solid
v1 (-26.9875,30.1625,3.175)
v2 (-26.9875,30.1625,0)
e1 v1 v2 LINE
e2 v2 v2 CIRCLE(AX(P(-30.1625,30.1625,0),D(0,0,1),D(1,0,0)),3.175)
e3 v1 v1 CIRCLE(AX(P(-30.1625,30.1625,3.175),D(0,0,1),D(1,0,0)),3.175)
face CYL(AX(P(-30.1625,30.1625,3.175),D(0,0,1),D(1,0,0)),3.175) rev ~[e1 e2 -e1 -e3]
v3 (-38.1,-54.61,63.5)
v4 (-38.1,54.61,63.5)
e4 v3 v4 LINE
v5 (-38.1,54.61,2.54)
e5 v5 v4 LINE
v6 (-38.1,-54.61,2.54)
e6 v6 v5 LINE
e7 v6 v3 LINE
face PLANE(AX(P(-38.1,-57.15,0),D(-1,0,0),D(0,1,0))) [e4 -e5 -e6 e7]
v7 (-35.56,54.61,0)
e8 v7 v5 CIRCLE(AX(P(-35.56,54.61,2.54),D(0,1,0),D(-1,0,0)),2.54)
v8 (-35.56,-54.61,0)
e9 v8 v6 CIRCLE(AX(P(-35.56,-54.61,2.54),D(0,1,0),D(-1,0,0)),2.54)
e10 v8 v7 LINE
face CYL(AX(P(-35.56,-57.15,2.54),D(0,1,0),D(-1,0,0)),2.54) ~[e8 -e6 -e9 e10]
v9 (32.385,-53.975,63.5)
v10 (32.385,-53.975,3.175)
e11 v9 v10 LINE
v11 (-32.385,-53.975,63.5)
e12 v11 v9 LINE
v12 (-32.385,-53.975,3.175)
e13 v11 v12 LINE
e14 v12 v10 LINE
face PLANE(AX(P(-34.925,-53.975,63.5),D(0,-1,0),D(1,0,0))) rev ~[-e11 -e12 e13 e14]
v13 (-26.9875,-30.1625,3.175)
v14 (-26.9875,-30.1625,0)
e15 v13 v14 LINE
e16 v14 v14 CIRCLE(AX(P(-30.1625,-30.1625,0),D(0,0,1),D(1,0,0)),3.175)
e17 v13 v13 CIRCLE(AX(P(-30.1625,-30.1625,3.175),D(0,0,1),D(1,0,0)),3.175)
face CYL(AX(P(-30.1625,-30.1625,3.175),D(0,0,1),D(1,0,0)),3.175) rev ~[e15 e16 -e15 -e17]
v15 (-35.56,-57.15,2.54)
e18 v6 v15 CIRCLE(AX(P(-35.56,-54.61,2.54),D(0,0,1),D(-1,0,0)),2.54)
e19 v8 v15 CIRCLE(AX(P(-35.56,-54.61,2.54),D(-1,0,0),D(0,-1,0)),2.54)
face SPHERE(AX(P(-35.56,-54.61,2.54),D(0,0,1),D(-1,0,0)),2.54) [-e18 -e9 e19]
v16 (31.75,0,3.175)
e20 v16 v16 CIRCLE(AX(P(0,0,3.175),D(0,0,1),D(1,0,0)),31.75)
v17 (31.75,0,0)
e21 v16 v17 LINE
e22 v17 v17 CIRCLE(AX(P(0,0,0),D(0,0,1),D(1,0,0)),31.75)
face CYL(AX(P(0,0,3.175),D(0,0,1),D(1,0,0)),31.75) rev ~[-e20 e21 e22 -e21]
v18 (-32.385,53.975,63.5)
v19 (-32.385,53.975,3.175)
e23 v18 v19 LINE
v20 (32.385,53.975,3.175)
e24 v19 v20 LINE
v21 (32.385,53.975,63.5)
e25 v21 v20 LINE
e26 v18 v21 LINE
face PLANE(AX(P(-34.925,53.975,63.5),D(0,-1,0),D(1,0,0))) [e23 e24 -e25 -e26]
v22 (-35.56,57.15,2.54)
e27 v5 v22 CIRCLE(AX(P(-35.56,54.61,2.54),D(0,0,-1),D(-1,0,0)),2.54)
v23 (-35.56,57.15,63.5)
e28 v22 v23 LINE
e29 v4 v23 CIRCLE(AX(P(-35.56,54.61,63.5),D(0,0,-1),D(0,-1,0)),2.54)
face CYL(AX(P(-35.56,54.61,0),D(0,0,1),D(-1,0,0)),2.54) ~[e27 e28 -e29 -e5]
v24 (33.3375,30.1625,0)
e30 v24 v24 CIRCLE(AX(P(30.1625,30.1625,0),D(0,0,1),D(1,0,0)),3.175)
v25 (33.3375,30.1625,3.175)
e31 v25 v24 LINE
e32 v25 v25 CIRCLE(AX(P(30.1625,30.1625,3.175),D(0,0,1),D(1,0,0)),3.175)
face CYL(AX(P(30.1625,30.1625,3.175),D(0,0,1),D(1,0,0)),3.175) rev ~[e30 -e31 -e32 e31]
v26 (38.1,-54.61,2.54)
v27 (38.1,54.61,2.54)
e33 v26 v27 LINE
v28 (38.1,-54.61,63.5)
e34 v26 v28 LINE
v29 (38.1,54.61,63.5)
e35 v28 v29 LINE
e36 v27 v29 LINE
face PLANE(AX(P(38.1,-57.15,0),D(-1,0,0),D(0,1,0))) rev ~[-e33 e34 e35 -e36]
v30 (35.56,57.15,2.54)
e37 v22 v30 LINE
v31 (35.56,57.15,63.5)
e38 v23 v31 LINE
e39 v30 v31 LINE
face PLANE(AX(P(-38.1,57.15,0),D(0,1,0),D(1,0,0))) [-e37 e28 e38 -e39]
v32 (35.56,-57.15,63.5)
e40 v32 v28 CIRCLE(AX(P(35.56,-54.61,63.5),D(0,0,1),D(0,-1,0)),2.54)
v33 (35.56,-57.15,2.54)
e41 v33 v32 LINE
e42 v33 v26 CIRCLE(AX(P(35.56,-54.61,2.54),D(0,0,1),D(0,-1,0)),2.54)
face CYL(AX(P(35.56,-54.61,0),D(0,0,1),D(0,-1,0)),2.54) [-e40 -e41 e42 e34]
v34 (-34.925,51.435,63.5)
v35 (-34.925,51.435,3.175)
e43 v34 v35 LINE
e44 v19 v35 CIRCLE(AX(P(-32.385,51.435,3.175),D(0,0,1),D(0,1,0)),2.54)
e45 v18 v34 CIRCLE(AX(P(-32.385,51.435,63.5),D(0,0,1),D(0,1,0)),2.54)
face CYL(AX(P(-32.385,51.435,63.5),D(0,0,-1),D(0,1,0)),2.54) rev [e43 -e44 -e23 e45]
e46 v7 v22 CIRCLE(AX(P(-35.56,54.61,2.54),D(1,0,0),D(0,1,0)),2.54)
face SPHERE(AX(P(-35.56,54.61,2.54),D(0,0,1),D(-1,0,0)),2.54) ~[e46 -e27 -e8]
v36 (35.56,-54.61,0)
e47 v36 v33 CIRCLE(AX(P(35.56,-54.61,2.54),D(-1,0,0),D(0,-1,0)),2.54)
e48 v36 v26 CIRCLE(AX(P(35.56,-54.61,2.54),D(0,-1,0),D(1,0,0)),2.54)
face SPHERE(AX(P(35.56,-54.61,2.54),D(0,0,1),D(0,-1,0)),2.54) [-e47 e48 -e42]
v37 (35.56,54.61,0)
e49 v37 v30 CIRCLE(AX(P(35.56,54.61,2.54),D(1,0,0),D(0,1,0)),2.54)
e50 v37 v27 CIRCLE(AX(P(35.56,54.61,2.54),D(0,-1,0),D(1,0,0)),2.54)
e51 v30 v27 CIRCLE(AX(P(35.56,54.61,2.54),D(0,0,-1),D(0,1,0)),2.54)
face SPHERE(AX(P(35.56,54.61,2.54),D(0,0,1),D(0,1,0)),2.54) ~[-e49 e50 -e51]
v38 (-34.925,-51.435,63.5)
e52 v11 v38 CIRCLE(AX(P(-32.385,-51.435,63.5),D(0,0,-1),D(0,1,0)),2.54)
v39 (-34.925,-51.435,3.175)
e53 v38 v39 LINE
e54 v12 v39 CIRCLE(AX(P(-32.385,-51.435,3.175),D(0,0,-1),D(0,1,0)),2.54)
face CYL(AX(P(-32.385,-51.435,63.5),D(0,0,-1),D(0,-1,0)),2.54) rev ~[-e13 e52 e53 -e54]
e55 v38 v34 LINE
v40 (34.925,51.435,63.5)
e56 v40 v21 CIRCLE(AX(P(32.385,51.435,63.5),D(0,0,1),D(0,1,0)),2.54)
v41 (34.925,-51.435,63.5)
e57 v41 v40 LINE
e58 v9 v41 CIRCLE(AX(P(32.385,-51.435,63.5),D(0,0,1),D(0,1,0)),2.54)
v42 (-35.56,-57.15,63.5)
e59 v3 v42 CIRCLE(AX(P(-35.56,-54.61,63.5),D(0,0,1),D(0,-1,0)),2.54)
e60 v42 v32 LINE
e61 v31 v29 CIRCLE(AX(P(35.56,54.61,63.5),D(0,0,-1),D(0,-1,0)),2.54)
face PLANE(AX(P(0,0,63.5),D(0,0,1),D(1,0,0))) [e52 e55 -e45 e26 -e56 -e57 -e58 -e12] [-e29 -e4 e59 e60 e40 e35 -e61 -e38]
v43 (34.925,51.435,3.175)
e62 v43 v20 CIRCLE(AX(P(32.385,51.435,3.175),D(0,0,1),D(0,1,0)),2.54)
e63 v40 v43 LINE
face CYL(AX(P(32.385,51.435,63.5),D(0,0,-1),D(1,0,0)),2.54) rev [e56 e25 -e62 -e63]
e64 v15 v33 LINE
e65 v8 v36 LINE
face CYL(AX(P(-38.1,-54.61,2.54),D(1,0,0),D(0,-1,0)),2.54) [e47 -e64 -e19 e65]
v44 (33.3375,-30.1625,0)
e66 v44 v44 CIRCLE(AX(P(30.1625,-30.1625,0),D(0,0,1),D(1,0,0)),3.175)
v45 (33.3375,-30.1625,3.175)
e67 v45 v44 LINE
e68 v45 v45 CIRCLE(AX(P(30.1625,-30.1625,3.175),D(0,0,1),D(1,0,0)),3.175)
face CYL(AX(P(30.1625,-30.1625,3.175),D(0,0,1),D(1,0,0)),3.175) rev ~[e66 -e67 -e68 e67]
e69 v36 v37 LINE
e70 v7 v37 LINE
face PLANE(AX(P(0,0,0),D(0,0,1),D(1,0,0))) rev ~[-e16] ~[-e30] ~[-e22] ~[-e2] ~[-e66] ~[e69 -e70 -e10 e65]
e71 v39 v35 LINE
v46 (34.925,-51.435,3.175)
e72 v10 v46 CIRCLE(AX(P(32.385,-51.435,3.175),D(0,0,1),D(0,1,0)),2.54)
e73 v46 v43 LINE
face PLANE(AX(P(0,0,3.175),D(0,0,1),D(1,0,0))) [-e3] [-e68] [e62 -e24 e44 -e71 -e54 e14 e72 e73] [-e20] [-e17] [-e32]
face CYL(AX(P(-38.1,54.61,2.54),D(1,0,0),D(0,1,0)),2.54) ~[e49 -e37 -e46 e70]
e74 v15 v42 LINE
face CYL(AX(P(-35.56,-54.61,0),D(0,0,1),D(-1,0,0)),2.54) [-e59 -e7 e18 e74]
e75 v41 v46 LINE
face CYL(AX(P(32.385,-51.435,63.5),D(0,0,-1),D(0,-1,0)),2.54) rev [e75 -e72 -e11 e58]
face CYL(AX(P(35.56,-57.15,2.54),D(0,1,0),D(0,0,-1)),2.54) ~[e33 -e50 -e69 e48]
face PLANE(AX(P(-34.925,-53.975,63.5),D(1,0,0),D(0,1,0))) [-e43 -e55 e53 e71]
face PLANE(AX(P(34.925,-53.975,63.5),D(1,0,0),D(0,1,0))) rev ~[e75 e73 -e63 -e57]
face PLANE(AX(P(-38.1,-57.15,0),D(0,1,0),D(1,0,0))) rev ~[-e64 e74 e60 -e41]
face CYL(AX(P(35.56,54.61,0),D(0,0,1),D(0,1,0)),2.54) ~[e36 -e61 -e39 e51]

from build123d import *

# Parameters (mm, degrees)
F0_W     = 76.2
F0_H     = 114.3
F1_DEPTH = 63.5
F2_W     = 69.85
F2_H     = 107.95
F3_DEPTH = 60.325
F4_R     = 2.54
F5_R     = 31.75
F6_DEPTH = 3.175
F7_R     = 3.175
F8_DEPTH = 3.175


with BuildPart() as f1:
    # F0 (on Top) → F1 (new body)
    with BuildSketch(Plane.XY):
        Rectangle(F0_W, F0_H)
    extrude(amount=F1_DEPTH)

    # F2 (on face) → F3 (cut)
    with BuildSketch(Plane.XY.offset(63.5)):
        Rectangle(F2_W, F2_H)
    extrude(amount=-F3_DEPTH, mode=Mode.SUBTRACT)

    # F4
    f4_edges = [f1.edges().sort_by_distance(p)[0] for p in [
        (34.925, 53.975, 33.3375),
        (34.925, -53.975, 33.3375),
        (-34.925, -53.975, 33.3375),
        (-34.925, 53.975, 33.3375),
        (38.1, -57.15, 31.75),
        (38.1, 57.15, 31.75),
        (-38.1, -57.15, 31.75),
        (-38.1, 57.15, 31.75),
        (-38.1, 0, 0),
        (0, 57.15, 0),
        (0, -57.15, 0),
        (38.1, 0, 0),
    ]]
    fillet(f4_edges, radius=F4_R)

    # F5 (on face) → F6 (cut, through all)
    with BuildSketch(Plane.XY.offset(3.175)):
        Circle(F5_R)
    extrude(amount=-F6_DEPTH, mode=Mode.SUBTRACT)

    # F7 (on face) → F8 (cut, through all)
    with BuildSketch(Plane.XY.offset(3.175)):
        with Locations((30.1625, 30.1625)):
            Circle(F7_R)
        with Locations((30.1625, -30.1625)):
            Circle(F7_R)
        with Locations((-30.1625, -30.1625)):
            Circle(F7_R)
        with Locations((-30.1625, 30.1625)):
            Circle(F7_R)
    extrude(amount=-F8_DEPTH, mode=Mode.SUBTRACT)


solid = f1.part
